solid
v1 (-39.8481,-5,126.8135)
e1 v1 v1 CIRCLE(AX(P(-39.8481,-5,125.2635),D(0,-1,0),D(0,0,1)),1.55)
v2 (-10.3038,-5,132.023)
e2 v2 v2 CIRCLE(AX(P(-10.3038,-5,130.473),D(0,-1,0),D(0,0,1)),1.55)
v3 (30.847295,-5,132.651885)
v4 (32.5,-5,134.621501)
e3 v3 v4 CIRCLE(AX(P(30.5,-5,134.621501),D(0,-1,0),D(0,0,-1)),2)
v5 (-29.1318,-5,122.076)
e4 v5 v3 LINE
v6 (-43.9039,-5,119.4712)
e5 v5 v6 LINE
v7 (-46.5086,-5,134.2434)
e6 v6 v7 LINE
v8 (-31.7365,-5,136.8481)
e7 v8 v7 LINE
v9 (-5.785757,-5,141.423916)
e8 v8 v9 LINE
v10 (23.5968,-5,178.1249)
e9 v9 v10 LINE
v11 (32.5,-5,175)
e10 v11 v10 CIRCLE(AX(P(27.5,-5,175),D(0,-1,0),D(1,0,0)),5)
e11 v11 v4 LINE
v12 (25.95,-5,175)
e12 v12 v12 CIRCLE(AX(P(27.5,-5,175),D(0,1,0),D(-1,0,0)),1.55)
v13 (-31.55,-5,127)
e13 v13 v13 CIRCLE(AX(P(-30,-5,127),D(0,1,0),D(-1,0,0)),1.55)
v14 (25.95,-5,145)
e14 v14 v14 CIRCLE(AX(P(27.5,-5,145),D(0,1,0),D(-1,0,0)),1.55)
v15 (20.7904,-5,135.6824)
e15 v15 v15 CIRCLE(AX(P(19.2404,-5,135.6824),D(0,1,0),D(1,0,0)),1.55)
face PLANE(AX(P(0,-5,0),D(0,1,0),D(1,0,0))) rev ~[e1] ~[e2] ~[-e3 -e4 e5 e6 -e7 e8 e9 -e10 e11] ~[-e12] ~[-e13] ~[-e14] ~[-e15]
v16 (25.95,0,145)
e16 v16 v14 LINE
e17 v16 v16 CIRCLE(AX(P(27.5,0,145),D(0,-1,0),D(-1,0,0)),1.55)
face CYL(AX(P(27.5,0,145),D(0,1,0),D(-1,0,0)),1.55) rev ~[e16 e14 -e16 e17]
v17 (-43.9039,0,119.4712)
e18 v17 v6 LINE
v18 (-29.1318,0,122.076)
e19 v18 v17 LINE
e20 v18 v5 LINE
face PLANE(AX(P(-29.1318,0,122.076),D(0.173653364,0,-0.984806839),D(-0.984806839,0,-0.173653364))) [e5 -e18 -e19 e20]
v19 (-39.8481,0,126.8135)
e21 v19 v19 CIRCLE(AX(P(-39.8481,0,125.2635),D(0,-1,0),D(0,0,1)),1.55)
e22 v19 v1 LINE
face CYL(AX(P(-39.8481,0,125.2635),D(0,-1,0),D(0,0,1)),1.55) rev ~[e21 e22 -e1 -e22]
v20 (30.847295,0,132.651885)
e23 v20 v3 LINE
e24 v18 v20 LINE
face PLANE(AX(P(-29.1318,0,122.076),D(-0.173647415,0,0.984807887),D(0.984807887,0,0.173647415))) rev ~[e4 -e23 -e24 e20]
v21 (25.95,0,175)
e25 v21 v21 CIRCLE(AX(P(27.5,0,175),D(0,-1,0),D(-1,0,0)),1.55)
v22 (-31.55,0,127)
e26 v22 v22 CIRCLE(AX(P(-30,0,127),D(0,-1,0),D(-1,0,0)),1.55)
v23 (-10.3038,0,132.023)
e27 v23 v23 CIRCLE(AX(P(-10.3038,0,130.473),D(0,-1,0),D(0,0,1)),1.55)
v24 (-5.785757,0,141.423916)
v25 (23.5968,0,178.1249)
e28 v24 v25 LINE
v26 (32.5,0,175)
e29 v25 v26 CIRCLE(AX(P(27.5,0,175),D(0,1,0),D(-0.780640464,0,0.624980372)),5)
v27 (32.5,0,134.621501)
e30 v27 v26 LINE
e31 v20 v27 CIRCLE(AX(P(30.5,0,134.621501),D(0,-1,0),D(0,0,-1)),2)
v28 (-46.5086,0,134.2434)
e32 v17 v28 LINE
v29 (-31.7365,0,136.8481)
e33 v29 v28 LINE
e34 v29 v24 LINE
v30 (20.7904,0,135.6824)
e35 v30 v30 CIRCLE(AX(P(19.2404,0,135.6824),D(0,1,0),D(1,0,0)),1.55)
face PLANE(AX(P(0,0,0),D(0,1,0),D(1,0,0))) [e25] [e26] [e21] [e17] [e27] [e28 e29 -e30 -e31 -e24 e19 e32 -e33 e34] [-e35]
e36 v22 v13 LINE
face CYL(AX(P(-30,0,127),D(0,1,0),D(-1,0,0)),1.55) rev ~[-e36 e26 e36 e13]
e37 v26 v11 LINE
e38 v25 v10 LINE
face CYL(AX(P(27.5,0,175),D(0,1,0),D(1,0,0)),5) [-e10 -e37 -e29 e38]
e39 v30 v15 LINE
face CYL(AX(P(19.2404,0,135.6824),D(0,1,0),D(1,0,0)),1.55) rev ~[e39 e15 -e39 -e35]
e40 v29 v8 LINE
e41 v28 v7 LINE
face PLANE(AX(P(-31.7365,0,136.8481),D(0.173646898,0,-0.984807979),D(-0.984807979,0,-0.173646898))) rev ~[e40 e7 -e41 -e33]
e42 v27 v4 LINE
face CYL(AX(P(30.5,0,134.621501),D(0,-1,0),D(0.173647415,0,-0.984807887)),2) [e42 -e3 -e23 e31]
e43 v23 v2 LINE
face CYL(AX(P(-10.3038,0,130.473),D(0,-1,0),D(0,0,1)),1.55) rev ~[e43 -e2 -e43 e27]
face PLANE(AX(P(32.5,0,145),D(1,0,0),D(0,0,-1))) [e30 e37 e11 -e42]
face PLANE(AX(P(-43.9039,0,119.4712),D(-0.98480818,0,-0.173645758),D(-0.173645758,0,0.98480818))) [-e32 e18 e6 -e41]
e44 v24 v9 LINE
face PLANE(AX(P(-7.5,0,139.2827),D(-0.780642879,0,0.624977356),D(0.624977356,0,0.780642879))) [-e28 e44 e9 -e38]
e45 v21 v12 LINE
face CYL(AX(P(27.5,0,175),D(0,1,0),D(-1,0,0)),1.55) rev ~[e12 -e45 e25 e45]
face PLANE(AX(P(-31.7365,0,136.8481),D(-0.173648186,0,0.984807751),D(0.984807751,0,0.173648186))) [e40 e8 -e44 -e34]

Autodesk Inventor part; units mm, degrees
ref_plane "YZ Plane" through (0, 0, 0) normal (1, 0, 0) x (0, 1, 0)
ref_plane "XZ Plane" through (0, 0, 0) normal (0, 1, 0) x (-1, 0, 0)
ref_plane "XY Plane" through (0, 0, 0) normal (0, 0, 1) x (1, 0, 0)
sketch "スケッチ1" plane through (0, 0, 0) normal (0, 1, 0) x (-1, 0, 0)
  circle A0 centre (0, 0) radius 122.5
  line L0 (0, 0) -> (21.2719, 120.6389)
  line L1 (21.2719, 120.6389) -> (-21.2719, -120.6389)
  line L2 (21.2719, 120.6389) -> (-41.166, -233.4643)
  arc A1 (21.2719, 120.6389) -> (0, 122.5) centre (0, 0) ccw
  arc A2 (-21.2719, -120.6389) -> (0, -122.5) centre (0, 0) ccw
  arc A3 (-41.8975, -115.1123) -> (-21.2719, -120.6389) centre (0, 0) ccw
  circle A4 centre (0, 0) radius 125
  circle A5 centre (0, 0) radius 145
  arc A6 (-42.7525, -117.4616) -> (-105.9051, -66.4011) centre (0, 0) ccw
  line L3 (0, 0) -> (-42.7525, -117.4616) construction
  line L4 (21.706, 123.101) -> (21.706, 123.101)
  line L5 (0, -145) -> (0, -265.735)
  line L6 (0, 0) -> (-41.8975, -115.1123)
  line L7 (-49.5929, -136.2554) -> (-41.8975, -115.1123)
  line L8 (-42.7525, -117.4616) -> (-231.4975, -48.764)
  line L9 (42.7525, 117.4616) -> (0, 0)
  line L10 (0, -145) -> (0, 145)
  line L11 (0, 0) -> (0, 300)
  circle A7 centre (0, 300) radius 20
  line L12 (117.0937, 43.75) -> (18.735, 307)
  line L13 (0, 0) -> (185.4327, 0)
  line L14 (0, 0) -> (-259.4726, 94.4403)
  line L15 (42.7525, 117.4616) -> (-253.7236, 225.3701)
  line L16 (0, 125) -> (22.0409, 125)
  line L17 (21.2719, 120.6389) -> (25.179, 142.7971)
  line L18 (42.7525, 117.4616) -> (65.8461, 180.9106)
  line L19 (15, 170) -> (69.9226, 170)
  line L20 (15.9946, 175) -> (68.0545, 175)
  line L21 (0, 125) -> (-15, 125)
  line L22 (-15, 125) -> (-15, 325)
  line L23 (-15, 325) -> (0, 325)
  line L24 (0, 325) -> (0, 125)
  line L25 (0, 125) -> (15, 125)
  line L26 (15, 125) -> (15, 325)
  line L27 (15, 325) -> (0, 325)
  line L28 (0, 325) -> (0, 125)
  line L29 (15, 200) -> (15, 325)
  line L30 (15, 325) -> (-15, 325)
  line L31 (-15, 325) -> (-15, 150)
  line L32 (15, 170) -> (37.5, 170)
  line L33 (37.5, 170) -> (17.5, 170)
  line L34 (0, 0) -> (0, 300)
  line L35 (0, -125) -> (42.7525, 117.4616)
  line L36 (-42.7525, -117.4616) -> (0, 125)
  line L37 (0, -125) -> (-3.519, -144.9573)
  line L38 (42.7525, 117.4616) -> (49.5929, 136.2554)
  line L39 (0, 125) -> (3.519, 144.9573)
  line L40 (-42.7525, -117.4616) -> (-46.2715, -137.4189)
  line L41 (42.7525, 117.4616) -> (46.2715, 137.4189)
  line L42 (-3.519, -144.9573) -> (46.2715, 137.4189)
  line L43 (46.2715, 137.4189) -> (37.2054, 139.0175)
  line L44 (-12.5852, -143.3587) -> (-3.519, -144.9573)
  line L45 (-46.2715, -137.4189) -> (3.519, 144.9573)
  line L46 (3.519, 144.9573) -> (12.5852, 143.3587)
  line L47 (-37.2054, -139.0175) -> (-46.2715, -137.4189)
  line L48 (-27.6373, -142.3418) -> (-22.7132, -143.21)
  line L49 (-27.6373, -142.3418) -> (-22.7132, -143.21)
  line L50 (-22.7132, -143.21) -> (27.641, 142.363)
  line L51 (27.641, 142.363) -> (22.717, 143.2312)
  line L52 (22.717, 143.2312) -> (-27.6373, -142.3418)
  line L53 (12.5852, 143.3587) -> (-37.2054, -139.0175)
  line L54 (-12.5852, -143.3587) -> (37.2054, 139.0175)
  line L55 (-42.1294, -138.1492) -> (7.6611, 144.2269)
  line L56 (-7.6611, -144.2269) -> (42.1294, 138.1492)
  line L57 (12.5852, 143.3587) -> (7.6611, 144.2269)
  line L58 (7.6611, 144.2269) -> (29.236, 266.5842)
  line L59 (29.236, 266.5842) -> (34.1601, 265.7159)
  line L60 (34.1601, 265.7159) -> (12.5852, 143.3587)
  line L61 (22.717, 143.2312) -> (25.179, 142.7971)
  line L62 (25.179, 142.7971) -> (42.462, 240.8141)
  line L63 (42.462, 240.8141) -> (40, 241.2482)
  line L64 (40, 241.2482) -> (22.717, 143.2312)
  line L65 (42.1294, 138.1492) -> (37.2054, 139.0175)
  line L66 (37.2054, 139.0175) -> (49.9319, 211.1932)
  line L67 (49.9319, 211.1932) -> (54.8559, 210.3249)
  line L68 (54.8559, 210.3249) -> (42.1294, 138.1492)
  line L69 (25.179, 142.7971) -> (27.641, 142.363)
  line L70 (27.641, 142.363) -> (44.508, 238.0204)
  line L71 (44.508, 238.0204) -> (42.046, 238.4546)
  line L72 (42.046, 238.4546) -> (25.179, 142.7971)
  line L73 (15.9946, 175) -> (15, 175)
  line L74 (15, 175) -> (0, 175)
  line L75 (0, 175) -> (0, 170)
  line L76 (0, 170) -> (15, 170)
  line L77 (15, 170) -> (15, 175)
  line L78 (20, 175) -> (40, 175)
  line L79 (40, 175) -> (40, 245)
  line L80 (40, 245) -> (20, 245)
  line L81 (20, 245) -> (20, 175)
  line L82 (0, 175) -> (58.7137, 175)
  line L83 (58.7137, 175) -> (58.7137, 200)
  line L84 (58.7137, 200) -> (0, 200)
  line L85 (0, 200) -> (0, 175)
  line L86 (0, 200) -> (50, 200)
  line L87 (50, 200) -> (50, 170)
  line L88 (50, 170) -> (0, 170)
  line L89 (0, 170) -> (0, 200)
  line L90 (50, 170) -> (0, 170)
  line L91 (0, 170) -> (0, 165)
  line L92 (0, 200) -> (-15, 200)
  line L93 (-15, 200) -> (-15, 180)
  line L94 (-15, 180) -> (0, 180)
  line L95 (0, 180) -> (0, 200)
  line L96 (0, 180) -> (-15, 180)
  line L97 (-15, 180) -> (-15, 175)
  line L98 (-15, 175) -> (0, 175)
  line L99 (0, 175) -> (0, 180)
  line L100 (0, 145) -> (-15, 145)
  line L101 (-15, 145) -> (-20.5, 145)
  line L102 (-20.5, 145) -> (-20.5, 200)
  line L103 (-20.5, 200) -> (-15, 200)
  line L104 (-15, 200) -> (-15, 145)
  line L105 (-20.5, 150) -> (-25, 150)
  line L106 (-25, 150) -> (-25, 180)
  line L107 (-25, 180) -> (-20.5, 180)
  line L108 (-20.5, 180) -> (-20.5, 150)
  line L109 (50, 175) -> (-15, 175)
  line L110 (-15, 175) -> (-15, 170)
  line L111 (50, 170) -> (50, 175)
  line L112 (-20.5, 170) -> (-25, 170)
  line L113 (-25, 170) -> (-25, 200)
  line L114 (-25, 200) -> (-20.5, 200)
  line L115 (-20.5, 200) -> (-20.5, 170)
  line L116 (15, 250) -> (-15, 250)
  line L117 (-15, 145) -> (15, 145)
  line L118 (31.698, 266.1501) -> (-39.6674, -138.5834)
  line L119 (52.3939, 210.7591) -> (-10.1232, -143.7928)
  line L120 (49.3441, 179.0659) -> (14.8758, 185.1436)
  line L121 (-15, 138.4818) -> (-15, 121.5782)
  line L122 (-7.6611, -144.2269) -> (-42.1294, -138.1492)
  line L123 (-39.6243, -123.9424) -> (-5.1561, -130.02)
  line L124 (-42.2291, -138.7145) -> (-7.7608, -144.7922)
  line L125 (-41.3608, -133.7904) -> (-6.8926, -139.8681)
  line L126 (-6.0243, -134.9441) -> (-40.4926, -128.8664)
  line L127 (18.3488, 204.8397) -> (52.8171, 198.762)
  line L128 (50.2124, 183.9899) -> (45.0029, 154.4457)
  line L129 (10.5346, 160.5234) -> (15.7441, 190.0676)
  line L130 (19.217, 209.7638) -> (53.6853, 203.6861)
  line L131 (15, 250) -> (53.6853, 203.6861)
  line L132 (53.6853, 203.6861) -> (53.6853, 170)
  line L133 (53.6853, 170) -> (-15, 170)
  line L134 (-15, 172.5) -> (53.6853, 172.5)
  line L135 (15, 170) -> (15, 150)
  line L136 (15, 150) -> (-15, 150)
  line L137 (-15, 170) -> (15, 170)
  line L138 (15, 150) -> (-15, 150)
  line L139 (-15, 150) -> (-15, 325)
  line L140 (-15, 325) -> (15, 325)
  line L141 (15, 325) -> (15, 150)
  circle A8 centre (0, 300) radius 6
  circle A9 centre (0, 300) radius 11
  line L142 (47.7456, 170) -> (15, 150)
  line L143 (-25, 170) -> (-30, 170)
  line L144 (-30, 170) -> (-30, 140)
  line L145 (-30, 140) -> (-25, 140)
  line L146 (-25, 140) -> (-25, 170)
  line L147 (30, 175) -> (30, 118.7697)
  line L148 (30, 147) -> (30, 132)
  line L149 (-30, 170) -> (-25, 170)
  line L150 (-25, 170) -> (-25, 180)
  line L151 (-25, 180) -> (-30, 180)
  line L152 (-30, 180) -> (-30, 170)
  circle A10 centre (30, 127) radius 1.55
  line L153 (-27.5, 140) -> (-27.5, 180)
  circle A11 centre (-27.5, 145) radius 1.55
  circle A12 centre (-27.5, 175) radius 1.55
  circle A13 centre (-27.5, 145) radius 5
  circle A14 centre (-27.5, 175) radius 5
  circle A15 centre (30, 127) radius 5
  line L154 (28.5063, 122.2283) -> (-28.9937, 140.2283)
  line L155 (-32.5, 145) -> (-32.5, 175)
  line L156 (-24.2958, 178.8384) -> (33.2042, 130.8384)
  line L157 (0, -125) -> (227.9227, -125)
  line L158 (0, 125) -> (227.9227, 125)
  point P0 (-25.1752, -142.7759)
  point P1 (42.3116, 114.9608)
  point P2 (0, 133.0222)
  point P3 (-38.8988, -134.2246)
  point P4 (-38.0306, -129.3005)
  point P5 (-23.2585, -131.9052)
  point P6 (-24.1267, -136.8293)
  point P7 (-9.3546, -139.434)
  point P8 (-8.4863, -134.51)
  point P9 (17.3379, 184.7094)
  point P10 (32.11, 182.1047)
  point P11 (46.8821, 179.5)
  point P12 (50.3551, 199.1962)
  point P13 (35.5829, 201.8009)
  point P14 (20.8108, 204.4056)
  point P15 (0, 240)
  point P16 (0, 190)
  point P17 (0, 289)
  point P18 (0, 311)
  point P19 (37.5, 172.5)
  point P20 (22.5, 172.5)
  point P21 (0, 125)
  point P22 (0, 122.5)
  point P23 (38.2879, 116.3628)
  point P24 (38.7264, 118.8498)
  point P25 (42.3116, 114.9608)
  point P26 (30, 122)
  point P27 (30, 137)
  point P28 (30, 122)
  point P29 (17.511, 143.9387)
  point P30 (15, 144.2221)
  point P31 (15, 146.0349)
  dimension "d0" = 245
  dimension "d7" = 290
  dimension "d19" = 40
  dimension "d1" = 0
  dimension "d4" = 42.5438
  dimension "d5" = 21.3532
  dimension "d6" = 250
  dimension "d10" = 0
  dimension "d12" = 0
  dimension "d13" = 10
  dimension "d15" = 0
  dimension "d16" = 9.8877
  dimension "d18" = 10
  dimension "d21" = 145
  dimension "d23" = 175
  dimension "d26" = 7.5384
  dimension "d30" = 180
  dimension "d34" = 180
  dimension "d35" = 45
  dimension "d37" = 5
  dimension "d38" = 15
  dimension "d39" = 200
  dimension "d40" = 15
  dimension "d41" = 200
  dimension "d47" = 300
  dimension "d52" = 5
  dimension "d53" = 0
  dimension "d54" = 10
  dimension "d55" = 10
  dimension "d56" = 5
  dimension "d57" = 5
  dimension "d60" = 5
  dimension "d61" = 20
  dimension "d62" = 70
  dimension "d63" = 5
  dimension "d65" = 25
  dimension "d66" = 50
  dimension "d68" = 20
  dimension "d69" = 5
  dimension "d74" = 20
  dimension "d75" = 5.5
  dimension "d76" = 55
  dimension "d77" = 4.5
  dimension "d78" = 30
  dimension "d79" = 5
  dimension "d82" = 20
  dimension "d83" = 50
  dimension "d87" = 16.9036
  dimension "d88" = 10.0392
  dimension "d89" = 10.5222
  dimension "d92" = 15
  dimension "d93" = 5
  dimension "d94" = 5
  dimension "d96" = 4.5
  dimension "d97" = 5
  dimension "d98" = 30
  dimension "d99" = 10
  dimension "d101" = 20
  dimension "d102" = 10
  dimension "d103" = 20
  dimension "d104" = 12
  dimension "d105" = 22
  dimension "d106" = 7.5
  dimension "d107" = 15
  dimension "d108" = 30
  dimension "d112" = 5
  dimension "d122" = 10
extrude "押し出し2" add sketch "スケッチ1" against normal blind 5 contours A15 L147 L15 | L15 L147 L158 A15 | A15 L15 L147 | L15 A15 L158 L147 | L158 L147 A10 A15 | L154 L17 L15 L50 | L50 L15 A15 L154 | L15 L50 L158 A15 | L158 A15 L50 L147 A10 | L154 L16 L17 | L15 L158 L50 | L158 L50 A15 | A15 L147 L156 | L147 A15 L50 L156 | L16 L154 L52 L15 | L15 L52 L156 L17 | L17 L156 L50 A15 L158 | A15 L50 | L154 L26 L15 L52 | L15 L26 A5 L156 L52 | L154 L118 L15 L53 | L53 L15 L26 L154 | L15 L53 L60 A5 L26 | A5 L26 L156 | L154 L55 L15 L118 | L15 L118 L46 L53 | A5 L60 L117 L26 | L26 L117 L60 L156 | A13 L15 L144 A5 | A5 L144 A13 | L154 L22 L15 L10 | L10 L15 L39 L154 | L39 L15 L55 L154 | L15 L55 L46 L118 | L46 L118 A5 L60 | A5 L118 L117 L60 | L60 L117 L118 L156 | L144 L15 L153 A5 | A5 L153 A13 L144 | A13 L144 L15 | L15 L22 A5 L10 | L10 A5 L39 L15 | L154 L145 L146 A13 L15 L22 | L39 L46 L55 L15 | L46 L58 A5 L118 | A5 L58 L117 L118 | L118 L117 L58 L136 L156 | L153 L15 A5 | A5 L15 L146 A13 L153 | L144 A13 L153 A11 L15 | L155 A14 L152 L144 A13 | A13 L145 L154 | L117 L58 A5 | L100 L22 L136 L11 | A5 L22 L100 | L11 L136 L58 L117 | L15 A13 A5 L22 | A5 L58 L46 | L136 L58 L156 | L15 L153 A11 A13 L146 A5 | A5 L146 L15 | A13 L146 L145 | L144 L143 L153 A13 | A14 L152 | A5 A13 L146 L105 L102 L101 L22 | L136 L22 L133 L156 L11 | L11 L156 L58 L136 | L101 L102 L156 L22 | A13 L146 L15 | L15 L146 A5 A13 | L146 A13 A5 | L152 A14 L143 | L153 L143 L106 L146 A13 | A14 L153 A12 L152 | A14 L106 L143 | L153 A12 A14 L106 | L133 L22 L156 | L105 L106 L112 L102 | L106 A14 L156 L102 L112 | L106 A14
sketch "スケッチ3" plane through (0, 0, 0) normal (0, 1, 0) x (1, 0, 0)
  arc A0 (24.2958, -178.8384) -> (32.5, -175) centre (27.5, -175) ccw projected
  line L0 (32.5, -175) -> (32.5, -145) projected
  arc A1 (32.5, -145) -> (28.9937, -140.2283) centre (27.5, -145) ccw projected
  line L1 (28.9937, -140.2283) -> (-28.5063, -122.2283) projected
  arc A2 (-28.5063, -122.2283) -> (-33.2042, -130.8384) centre (-30, -127) ccw projected
  line L2 (-33.2042, -130.8384) -> (24.2958, -178.8384) projected
  circle A3 centre (-30, -127) radius 1.55 projected
  circle A4 centre (27.5, -175) radius 1.55 projected
  circle A5 centre (27.5, -145) radius 1.55 projected
  circle A6 centre (-30, -127) radius 5
  circle A7 centre (27.5, -145) radius 5
  line L3 (26.0063, -149.7717) -> (-31.4937, -131.7717)
  circle A8 centre (27.5, -175) radius 5
  line L4 (22.5, -175) -> (22.5, -145)
  line L5 (-7.5, -139.2827) -> (23.5968, -178.1249)
  point P0 (0, 0)
  point P1 (24.2958, -178.8384)
  dimension "d138" = 40
extrude "押し出し3" cut sketch "スケッチ3" against normal blind 5 contours L2 A6 L3 L5 A8
sketch "スケッチ4" plane through (0, 0, 0) normal (0, 1, 0) x (1, 0, 0)
  arc A0 (-28.5063, -122.2283) -> (-31.4937, -131.7717) centre (-30, -127) ccw projected
  line L0 (-29.1318, -122.076) -> (32.5, -132.9433)
  circle A1 centre (-30, -127) radius 1.55 projected
  line L1 (-30, -127) -> (-13.2635, -127)
  line L2 (-28.5063, -122.2283) -> (28.9937, -140.2283) projected
  arc A2 (-28.5063, -122.2283) -> (-31.4937, -131.7717) centre (-30, -127) ccw projected
  arc A3 (32.5, -145) -> (28.9937, -140.2283) centre (27.5, -145) ccw projected
  line L3 (32.5, -145) -> (32.5, -132.9433)
  point P0 (0, 0)
  dimension "d141" = 10
extrude "押し出し4" add sketch "スケッチ4" against normal blind 5 contours A0 L0 L3 A3 L2
fillet "フィレット1" radius 2 1 edges at (32.5, -2.5, 132.9433)
sketch "スケッチ6" plane through (0, 0, 0) normal (0, 1, 0) x (1, 0, 0)
  circle A0 centre (27.5, -145) radius 1.55 projected
  circle A1 centre (19.2404, -135.6824) radius 1.55
  line L0 (32.5, -175) -> (32.5, -134.6215) projected
  line L1 (30.8473, -132.6519) -> (-29.1318, -122.076) projected
  circle A2 centre (-30, -127) radius 1.55 projected
  point P0 (0, 0)
  dimension "d148" = 3.1
  dimension "d152" = 5
  dimension "d160" = 50
extrude "押し出し6" cut sketch "スケッチ6" against normal blind 5 contours A1
sketch "スケッチ7" plane through (0, 0, 0) normal (0, 1, 0) x (1, 0, 0)
  arc A0 (-29.1318, -122.076) -> (-31.4937, -131.7717) centre (-30, -127) ccw projected
  circle A1 centre (-30, -127) radius 1.55 projected
  line L0 (-30, -127) -> (-30.554, -130.1418)
  line L1 (30.8473, -132.6519) -> (-29.1318, -122.076) projected
  line L2 (-34.924, -126.1318) -> (-35.7923, -131.0558)
  arc A2 (-35.7923, -131.0558) -> (-31.7365, -136.8481) centre (-30.8682, -131.924) ccw
  line L3 (-31.7365, -136.8481) -> (5.9503, -143.4933)
  line L4 (-7.5, -139.2827) -> (-31.4937, -131.7717) projected
  line L5 (-7.5, -139.2827) -> (23.5968, -178.1249) projected
  point P0 (0, 0)
  point P1 (-5.7858, -141.4239)
  dimension "d155" = 90
  dimension "d156" = 5
  dimension "d157" = 5
extrude "押し出し7" add sketch "スケッチ7" against normal blind 5 contours A0 L4 L5 L3 A2 L2
sketch "スケッチ8" plane through (0, 0, 0) normal (0, 1, 0) x (1, 0, 0)
  line L0 (-29.1318, -122.076) -> (30.8473, -132.6519) projected
  line L1 (-29.1318, -122.076) -> (-43.9039, -119.4712)
  line L2 (-43.9039, -119.4712) -> (-46.5086, -134.2434)
  line L3 (-5.7858, -141.4239) -> (-31.7365, -136.8481) projected
  line L4 (-31.7365, -136.8481) -> (-46.5086, -134.2434)
  line L5 (-34.924, -126.1318) -> (-35.7923, -131.0558) projected
  circle A0 centre (19.2404, -135.6824) radius 1.55 projected
  arc A1 (32.5, -134.6215) -> (30.8473, -132.6519) centre (30.5, -134.6215) ccw projected
  line L6 (30.8473, -132.6519) -> (-29.1318, -122.076) projected
  arc A2 (-29.1318, -122.076) -> (-34.924, -126.1318) centre (-30, -127) ccw projected
  line L7 (-34.924, -126.1318) -> (-35.7923, -131.0558) projected
  arc A3 (-35.7923, -131.0558) -> (-31.7365, -136.8481) centre (-30.8682, -131.924) ccw projected
  line L8 (-31.7365, -136.8481) -> (-5.7858, -141.4239) projected
  line L9 (-5.7858, -141.4239) -> (23.5968, -178.1249) projected
  arc A4 (23.5968, -178.1249) -> (32.5, -175) centre (27.5, -175) ccw projected
  line L10 (32.5, -175) -> (32.5, -134.6215) projected
  circle A5 centre (-30, -127) radius 1.55 projected
  circle A6 centre (27.5, -175) radius 1.55 projected
  circle A7 centre (27.5, -145) radius 1.55 projected
  point P0 (0, 0)
  dimension "d161" = 10
extrude "押し出し8" add sketch "スケッチ8" against normal blind 5 contours A2 L5 A3 L4 L2 L1
sketch "スケッチ9" plane through (0, 0, 0) normal (0, 1, 0) x (1, 0, 0)
  circle A0 centre (19.2404, -135.6824) radius 1.55 projected
  line L0 (19.2404, -135.6824) -> (-44.7721, -124.3953)
  line L1 (-46.5086, -134.2434) -> (-43.9039, -119.4712) projected
  circle A1 centre (-30, -127) radius 1.55 projected
  point P0 (0, 0)
  point P1 (-46.1613, -132.2737)
  point P2 (-44.2512, -121.4409)
  point P3 (-10.3038, -130.473)
  point P4 (-39.8481, -125.2635)
  dimension "d165" = 90
  dimension "d166" = 20
  dimension "d167" = 10
hole "穴1" at (-10.3038, 0, 130.473) at (-39.8481, 0, 125.2635) direction (0, -1, 0) diameter 3.1 end through all
sketch "スケッチ10" plane through (0, 0, 0) normal (0, 1, 0) x (1, 0, 0)
  line L0 (-43.9039, -119.4712) -> (30.8473, -132.6519) projected
  line L1 (-43.9039, -119.4712) -> (-66.5086, -119.4712)
  line L2 (-5.7858, -141.4239) -> (-46.5086, -134.2434) projected
  line L3 (-46.5086, -134.2434) -> (-66.5086, -134.2434)
  line L4 (-66.5086, -119.4712) -> (-66.5086, -134.2434)
  point P0 (0, 0)
  dimension "d175" = 20
equation "\"d18\" = d13"
properties part number "hand2_10" material "アルミニウム 6061-AHC"
